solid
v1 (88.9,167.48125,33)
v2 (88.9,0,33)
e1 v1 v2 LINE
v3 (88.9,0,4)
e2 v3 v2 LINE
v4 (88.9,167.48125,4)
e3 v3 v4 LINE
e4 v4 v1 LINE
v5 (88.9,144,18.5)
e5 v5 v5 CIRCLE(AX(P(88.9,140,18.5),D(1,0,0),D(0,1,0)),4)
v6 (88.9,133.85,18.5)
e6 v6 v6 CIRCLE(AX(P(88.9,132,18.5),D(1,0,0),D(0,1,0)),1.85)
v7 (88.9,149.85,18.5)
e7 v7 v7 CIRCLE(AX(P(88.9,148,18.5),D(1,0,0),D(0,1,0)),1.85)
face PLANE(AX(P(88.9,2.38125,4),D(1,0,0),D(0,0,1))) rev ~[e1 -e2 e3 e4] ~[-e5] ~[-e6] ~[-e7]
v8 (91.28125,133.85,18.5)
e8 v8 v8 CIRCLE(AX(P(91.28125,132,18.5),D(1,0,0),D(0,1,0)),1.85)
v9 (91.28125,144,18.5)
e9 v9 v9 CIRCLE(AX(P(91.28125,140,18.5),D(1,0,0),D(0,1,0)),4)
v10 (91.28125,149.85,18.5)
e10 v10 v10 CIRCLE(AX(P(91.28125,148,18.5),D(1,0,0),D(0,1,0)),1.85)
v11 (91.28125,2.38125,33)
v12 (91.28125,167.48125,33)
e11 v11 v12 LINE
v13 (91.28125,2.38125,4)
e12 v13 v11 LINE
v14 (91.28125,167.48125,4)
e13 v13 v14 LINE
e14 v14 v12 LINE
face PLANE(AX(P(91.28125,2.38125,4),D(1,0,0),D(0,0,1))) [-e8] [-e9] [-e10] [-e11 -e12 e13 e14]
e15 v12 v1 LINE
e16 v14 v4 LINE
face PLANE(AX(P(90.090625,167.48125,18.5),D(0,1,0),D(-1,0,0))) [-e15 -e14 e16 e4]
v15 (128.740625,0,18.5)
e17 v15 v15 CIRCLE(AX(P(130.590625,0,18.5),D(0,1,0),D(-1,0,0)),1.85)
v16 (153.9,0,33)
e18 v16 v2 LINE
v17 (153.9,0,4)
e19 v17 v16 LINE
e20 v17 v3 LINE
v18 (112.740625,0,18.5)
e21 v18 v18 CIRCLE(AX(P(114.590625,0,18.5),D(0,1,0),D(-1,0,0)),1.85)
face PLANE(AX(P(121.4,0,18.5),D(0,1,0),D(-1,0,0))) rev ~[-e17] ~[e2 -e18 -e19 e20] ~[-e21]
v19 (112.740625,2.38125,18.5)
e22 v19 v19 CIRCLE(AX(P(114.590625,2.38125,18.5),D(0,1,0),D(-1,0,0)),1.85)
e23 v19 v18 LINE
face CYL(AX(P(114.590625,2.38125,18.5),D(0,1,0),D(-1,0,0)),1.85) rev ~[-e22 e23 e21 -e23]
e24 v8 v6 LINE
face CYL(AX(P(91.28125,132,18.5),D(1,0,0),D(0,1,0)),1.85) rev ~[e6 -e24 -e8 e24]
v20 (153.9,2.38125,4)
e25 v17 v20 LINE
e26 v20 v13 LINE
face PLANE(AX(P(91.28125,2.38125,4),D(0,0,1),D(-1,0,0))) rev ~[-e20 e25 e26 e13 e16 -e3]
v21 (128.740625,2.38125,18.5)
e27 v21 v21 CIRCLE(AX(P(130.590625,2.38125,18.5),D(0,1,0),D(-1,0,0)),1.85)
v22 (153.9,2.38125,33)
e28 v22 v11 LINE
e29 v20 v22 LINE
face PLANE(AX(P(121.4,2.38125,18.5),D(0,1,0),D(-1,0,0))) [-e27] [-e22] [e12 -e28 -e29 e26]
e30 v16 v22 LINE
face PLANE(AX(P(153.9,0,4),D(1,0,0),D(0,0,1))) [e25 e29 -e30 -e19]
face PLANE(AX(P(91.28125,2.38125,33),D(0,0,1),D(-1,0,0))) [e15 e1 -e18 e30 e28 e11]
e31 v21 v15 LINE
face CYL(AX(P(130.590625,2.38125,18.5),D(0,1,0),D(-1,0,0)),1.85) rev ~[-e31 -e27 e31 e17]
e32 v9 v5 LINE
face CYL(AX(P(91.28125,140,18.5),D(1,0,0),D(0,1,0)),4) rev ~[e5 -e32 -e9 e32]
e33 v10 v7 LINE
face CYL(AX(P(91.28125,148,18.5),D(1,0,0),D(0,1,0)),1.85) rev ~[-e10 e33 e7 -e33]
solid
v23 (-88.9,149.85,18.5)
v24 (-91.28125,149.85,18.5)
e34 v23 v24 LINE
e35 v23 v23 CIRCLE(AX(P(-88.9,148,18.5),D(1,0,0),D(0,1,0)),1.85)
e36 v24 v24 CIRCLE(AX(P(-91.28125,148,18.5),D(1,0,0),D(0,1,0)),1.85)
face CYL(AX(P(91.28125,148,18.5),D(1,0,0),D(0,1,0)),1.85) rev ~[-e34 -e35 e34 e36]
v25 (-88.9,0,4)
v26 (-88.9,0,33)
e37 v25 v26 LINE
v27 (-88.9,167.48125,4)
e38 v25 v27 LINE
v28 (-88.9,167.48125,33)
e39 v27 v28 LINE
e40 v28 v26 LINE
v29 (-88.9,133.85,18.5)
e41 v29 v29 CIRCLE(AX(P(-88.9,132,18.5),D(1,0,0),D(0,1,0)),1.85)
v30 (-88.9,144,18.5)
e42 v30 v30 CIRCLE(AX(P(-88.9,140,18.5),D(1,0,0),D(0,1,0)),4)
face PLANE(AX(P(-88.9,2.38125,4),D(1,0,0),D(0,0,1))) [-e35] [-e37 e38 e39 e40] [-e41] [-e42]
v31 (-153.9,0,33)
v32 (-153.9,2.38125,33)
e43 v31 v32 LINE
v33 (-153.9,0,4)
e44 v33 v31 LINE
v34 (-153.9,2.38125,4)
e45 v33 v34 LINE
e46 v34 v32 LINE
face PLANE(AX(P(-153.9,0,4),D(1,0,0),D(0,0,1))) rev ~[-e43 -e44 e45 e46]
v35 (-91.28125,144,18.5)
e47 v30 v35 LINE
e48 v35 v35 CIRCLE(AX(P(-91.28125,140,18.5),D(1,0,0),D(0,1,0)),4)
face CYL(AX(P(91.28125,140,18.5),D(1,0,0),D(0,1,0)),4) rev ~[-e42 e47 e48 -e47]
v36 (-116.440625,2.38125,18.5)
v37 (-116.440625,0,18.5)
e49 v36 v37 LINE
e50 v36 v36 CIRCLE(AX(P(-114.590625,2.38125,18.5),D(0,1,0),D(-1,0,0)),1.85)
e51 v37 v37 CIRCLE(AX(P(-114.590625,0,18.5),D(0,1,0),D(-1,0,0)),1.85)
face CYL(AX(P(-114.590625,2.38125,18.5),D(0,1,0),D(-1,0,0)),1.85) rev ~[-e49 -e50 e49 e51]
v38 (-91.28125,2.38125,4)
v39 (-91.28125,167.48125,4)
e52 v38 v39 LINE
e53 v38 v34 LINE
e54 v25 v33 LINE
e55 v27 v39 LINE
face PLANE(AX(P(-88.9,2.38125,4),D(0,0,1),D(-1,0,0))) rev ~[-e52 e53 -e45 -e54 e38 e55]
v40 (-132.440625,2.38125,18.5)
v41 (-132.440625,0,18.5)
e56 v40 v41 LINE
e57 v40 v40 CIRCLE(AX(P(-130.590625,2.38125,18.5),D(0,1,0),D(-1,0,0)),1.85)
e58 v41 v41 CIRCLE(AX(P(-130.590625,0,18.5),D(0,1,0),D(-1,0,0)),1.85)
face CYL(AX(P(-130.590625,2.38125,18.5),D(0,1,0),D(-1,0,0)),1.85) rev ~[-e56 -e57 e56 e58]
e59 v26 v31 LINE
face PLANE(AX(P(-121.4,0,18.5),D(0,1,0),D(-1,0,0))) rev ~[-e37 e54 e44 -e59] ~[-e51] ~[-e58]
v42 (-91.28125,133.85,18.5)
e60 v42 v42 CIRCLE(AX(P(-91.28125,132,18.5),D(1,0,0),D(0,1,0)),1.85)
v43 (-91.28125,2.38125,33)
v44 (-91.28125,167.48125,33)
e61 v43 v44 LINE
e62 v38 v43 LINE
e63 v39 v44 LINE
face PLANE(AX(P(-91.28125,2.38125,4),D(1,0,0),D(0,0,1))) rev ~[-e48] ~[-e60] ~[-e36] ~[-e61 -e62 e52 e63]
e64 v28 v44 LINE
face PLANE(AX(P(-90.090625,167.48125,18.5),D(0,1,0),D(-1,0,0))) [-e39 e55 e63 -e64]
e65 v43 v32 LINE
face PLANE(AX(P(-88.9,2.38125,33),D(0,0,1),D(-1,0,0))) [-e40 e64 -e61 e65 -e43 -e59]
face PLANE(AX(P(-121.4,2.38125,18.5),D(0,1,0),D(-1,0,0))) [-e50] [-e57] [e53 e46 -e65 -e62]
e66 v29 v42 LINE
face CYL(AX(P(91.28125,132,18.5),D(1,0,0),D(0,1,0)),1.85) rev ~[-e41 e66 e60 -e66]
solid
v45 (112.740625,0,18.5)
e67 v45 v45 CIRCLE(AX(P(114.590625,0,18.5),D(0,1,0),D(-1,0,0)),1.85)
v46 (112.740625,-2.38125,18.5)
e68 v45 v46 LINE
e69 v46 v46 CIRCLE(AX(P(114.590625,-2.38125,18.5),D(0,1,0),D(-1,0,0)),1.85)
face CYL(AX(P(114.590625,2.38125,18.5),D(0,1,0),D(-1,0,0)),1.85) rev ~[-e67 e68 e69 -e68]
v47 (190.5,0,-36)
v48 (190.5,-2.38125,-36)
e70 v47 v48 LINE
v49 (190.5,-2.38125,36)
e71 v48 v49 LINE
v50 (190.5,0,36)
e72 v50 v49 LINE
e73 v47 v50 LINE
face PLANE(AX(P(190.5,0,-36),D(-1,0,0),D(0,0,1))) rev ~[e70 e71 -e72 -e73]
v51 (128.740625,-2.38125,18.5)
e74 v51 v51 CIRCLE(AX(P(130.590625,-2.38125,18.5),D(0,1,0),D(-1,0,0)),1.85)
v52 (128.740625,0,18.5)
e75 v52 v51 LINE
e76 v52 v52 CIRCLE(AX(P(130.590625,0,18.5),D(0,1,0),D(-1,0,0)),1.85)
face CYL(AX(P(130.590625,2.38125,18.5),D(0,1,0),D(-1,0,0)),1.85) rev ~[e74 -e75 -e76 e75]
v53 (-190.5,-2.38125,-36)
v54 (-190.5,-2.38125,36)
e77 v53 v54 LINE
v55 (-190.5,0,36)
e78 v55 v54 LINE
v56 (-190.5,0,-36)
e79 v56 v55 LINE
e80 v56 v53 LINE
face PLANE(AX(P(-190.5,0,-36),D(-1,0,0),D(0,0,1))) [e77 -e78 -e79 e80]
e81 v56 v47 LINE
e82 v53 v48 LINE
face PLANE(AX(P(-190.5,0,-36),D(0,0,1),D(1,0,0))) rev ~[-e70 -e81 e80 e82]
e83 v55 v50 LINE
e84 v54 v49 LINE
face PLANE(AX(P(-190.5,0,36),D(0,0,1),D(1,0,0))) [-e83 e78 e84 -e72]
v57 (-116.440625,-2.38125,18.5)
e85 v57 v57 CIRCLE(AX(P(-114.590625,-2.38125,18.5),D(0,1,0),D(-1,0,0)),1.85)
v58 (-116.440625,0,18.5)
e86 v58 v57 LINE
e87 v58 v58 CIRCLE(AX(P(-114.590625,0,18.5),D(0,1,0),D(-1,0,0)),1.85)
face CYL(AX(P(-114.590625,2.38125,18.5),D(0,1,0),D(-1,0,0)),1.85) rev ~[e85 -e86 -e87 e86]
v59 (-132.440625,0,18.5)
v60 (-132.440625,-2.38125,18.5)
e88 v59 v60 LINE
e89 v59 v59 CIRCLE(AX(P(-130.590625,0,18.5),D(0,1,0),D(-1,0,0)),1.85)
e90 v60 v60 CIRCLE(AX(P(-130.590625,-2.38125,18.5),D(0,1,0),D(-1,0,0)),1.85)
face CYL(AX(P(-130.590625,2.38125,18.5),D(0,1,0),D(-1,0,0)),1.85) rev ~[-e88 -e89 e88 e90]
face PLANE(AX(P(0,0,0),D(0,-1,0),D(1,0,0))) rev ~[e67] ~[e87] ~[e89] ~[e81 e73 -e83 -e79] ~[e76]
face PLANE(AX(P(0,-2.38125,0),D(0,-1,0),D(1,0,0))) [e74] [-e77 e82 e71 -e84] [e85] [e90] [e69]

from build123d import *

# Parameters (mm, degrees)
F0_W     = 381
F0_H     = 72
F1_DEPTH = 2.38125
F2_W     = 65
F2_H     = 29
F3_DEPTH = 2.38125
F4_W     = 2.38125
F4_H     = 29
F5_DEPTH = 165.1
F6_R     = 1.85
F7_DEPTH = 25
F8_R     = 1.85
F8_R_2   = 4
F9_DEPTH = 293.97204


with BuildPart() as f1:
    # F0 (on Front) → F1 (new body)
    with BuildSketch(Plane.XZ):
        Rectangle(F0_W, F0_H)
    extrude(amount=F1_DEPTH)


with BuildPart() as f3:
    # F2 (on face) → F3 (new body)
    with BuildSketch(Plane(origin=(0, 0, 0), x_dir=(-1, 0, 0), z_dir=(0, 1, 0))):
        with Locations((-121.4, 18.5)):
            Rectangle(F2_W, F2_H)
        with Locations((121.4, 18.5)):
            Rectangle(F2_W, F2_H)
    extrude(amount=F3_DEPTH)

    # F4 (on face) → F5 (join)
    with BuildSketch(Plane(origin=(0, 2.38125, 0), x_dir=(-1, 0, 0), z_dir=(0, 1, 0))):
        with Locations((-90.090625, 18.5)):
            Rectangle(F4_W, F4_H)
        with Locations((90.090625, 18.5)):
            Rectangle(F4_W, F4_H)
    extrude(amount=F5_DEPTH)


with BuildPart() as f7_tool:
    # F6 (on face) → F7 (new body)
    with BuildSketch(Plane(origin=(0, 2.38125, 0), x_dir=(-1, 0, 0), z_dir=(0, 1, 0))):
        with Locations((-130.590625, 18.5)):
            Circle(F6_R)
        with Locations((-114.590625, 18.5)):
            Circle(F6_R)
        with Locations((130.590625, 18.5)):
            Circle(F6_R)
        with Locations((114.590625, 18.5)):
            Circle(F6_R)
    extrude(amount=-F7_DEPTH)


with BuildPart() as f1_1:
    add(f1.part)

    # F7: cut by f7_tool
    add(f7_tool.part, mode=Mode.SUBTRACT)


with BuildPart() as f3_1:
    add(f3.part)

    # F7: cut by f7_tool
    add(f7_tool.part, mode=Mode.SUBTRACT)

    # F8 (on face) → F9 (cut)
    with BuildSketch(Plane.YZ.offset(91.28125)):
        with Locations((148, 18.5)):
            Circle(F8_R)
        with Locations((132, 18.5)):
            Circle(F8_R)
        with Locations((140, 18.5)):
            Circle(F8_R_2)
    extrude(amount=-F9_DEPTH, mode=Mode.SUBTRACT)


solid = Compound([f1_1.part, f3_1.part])
